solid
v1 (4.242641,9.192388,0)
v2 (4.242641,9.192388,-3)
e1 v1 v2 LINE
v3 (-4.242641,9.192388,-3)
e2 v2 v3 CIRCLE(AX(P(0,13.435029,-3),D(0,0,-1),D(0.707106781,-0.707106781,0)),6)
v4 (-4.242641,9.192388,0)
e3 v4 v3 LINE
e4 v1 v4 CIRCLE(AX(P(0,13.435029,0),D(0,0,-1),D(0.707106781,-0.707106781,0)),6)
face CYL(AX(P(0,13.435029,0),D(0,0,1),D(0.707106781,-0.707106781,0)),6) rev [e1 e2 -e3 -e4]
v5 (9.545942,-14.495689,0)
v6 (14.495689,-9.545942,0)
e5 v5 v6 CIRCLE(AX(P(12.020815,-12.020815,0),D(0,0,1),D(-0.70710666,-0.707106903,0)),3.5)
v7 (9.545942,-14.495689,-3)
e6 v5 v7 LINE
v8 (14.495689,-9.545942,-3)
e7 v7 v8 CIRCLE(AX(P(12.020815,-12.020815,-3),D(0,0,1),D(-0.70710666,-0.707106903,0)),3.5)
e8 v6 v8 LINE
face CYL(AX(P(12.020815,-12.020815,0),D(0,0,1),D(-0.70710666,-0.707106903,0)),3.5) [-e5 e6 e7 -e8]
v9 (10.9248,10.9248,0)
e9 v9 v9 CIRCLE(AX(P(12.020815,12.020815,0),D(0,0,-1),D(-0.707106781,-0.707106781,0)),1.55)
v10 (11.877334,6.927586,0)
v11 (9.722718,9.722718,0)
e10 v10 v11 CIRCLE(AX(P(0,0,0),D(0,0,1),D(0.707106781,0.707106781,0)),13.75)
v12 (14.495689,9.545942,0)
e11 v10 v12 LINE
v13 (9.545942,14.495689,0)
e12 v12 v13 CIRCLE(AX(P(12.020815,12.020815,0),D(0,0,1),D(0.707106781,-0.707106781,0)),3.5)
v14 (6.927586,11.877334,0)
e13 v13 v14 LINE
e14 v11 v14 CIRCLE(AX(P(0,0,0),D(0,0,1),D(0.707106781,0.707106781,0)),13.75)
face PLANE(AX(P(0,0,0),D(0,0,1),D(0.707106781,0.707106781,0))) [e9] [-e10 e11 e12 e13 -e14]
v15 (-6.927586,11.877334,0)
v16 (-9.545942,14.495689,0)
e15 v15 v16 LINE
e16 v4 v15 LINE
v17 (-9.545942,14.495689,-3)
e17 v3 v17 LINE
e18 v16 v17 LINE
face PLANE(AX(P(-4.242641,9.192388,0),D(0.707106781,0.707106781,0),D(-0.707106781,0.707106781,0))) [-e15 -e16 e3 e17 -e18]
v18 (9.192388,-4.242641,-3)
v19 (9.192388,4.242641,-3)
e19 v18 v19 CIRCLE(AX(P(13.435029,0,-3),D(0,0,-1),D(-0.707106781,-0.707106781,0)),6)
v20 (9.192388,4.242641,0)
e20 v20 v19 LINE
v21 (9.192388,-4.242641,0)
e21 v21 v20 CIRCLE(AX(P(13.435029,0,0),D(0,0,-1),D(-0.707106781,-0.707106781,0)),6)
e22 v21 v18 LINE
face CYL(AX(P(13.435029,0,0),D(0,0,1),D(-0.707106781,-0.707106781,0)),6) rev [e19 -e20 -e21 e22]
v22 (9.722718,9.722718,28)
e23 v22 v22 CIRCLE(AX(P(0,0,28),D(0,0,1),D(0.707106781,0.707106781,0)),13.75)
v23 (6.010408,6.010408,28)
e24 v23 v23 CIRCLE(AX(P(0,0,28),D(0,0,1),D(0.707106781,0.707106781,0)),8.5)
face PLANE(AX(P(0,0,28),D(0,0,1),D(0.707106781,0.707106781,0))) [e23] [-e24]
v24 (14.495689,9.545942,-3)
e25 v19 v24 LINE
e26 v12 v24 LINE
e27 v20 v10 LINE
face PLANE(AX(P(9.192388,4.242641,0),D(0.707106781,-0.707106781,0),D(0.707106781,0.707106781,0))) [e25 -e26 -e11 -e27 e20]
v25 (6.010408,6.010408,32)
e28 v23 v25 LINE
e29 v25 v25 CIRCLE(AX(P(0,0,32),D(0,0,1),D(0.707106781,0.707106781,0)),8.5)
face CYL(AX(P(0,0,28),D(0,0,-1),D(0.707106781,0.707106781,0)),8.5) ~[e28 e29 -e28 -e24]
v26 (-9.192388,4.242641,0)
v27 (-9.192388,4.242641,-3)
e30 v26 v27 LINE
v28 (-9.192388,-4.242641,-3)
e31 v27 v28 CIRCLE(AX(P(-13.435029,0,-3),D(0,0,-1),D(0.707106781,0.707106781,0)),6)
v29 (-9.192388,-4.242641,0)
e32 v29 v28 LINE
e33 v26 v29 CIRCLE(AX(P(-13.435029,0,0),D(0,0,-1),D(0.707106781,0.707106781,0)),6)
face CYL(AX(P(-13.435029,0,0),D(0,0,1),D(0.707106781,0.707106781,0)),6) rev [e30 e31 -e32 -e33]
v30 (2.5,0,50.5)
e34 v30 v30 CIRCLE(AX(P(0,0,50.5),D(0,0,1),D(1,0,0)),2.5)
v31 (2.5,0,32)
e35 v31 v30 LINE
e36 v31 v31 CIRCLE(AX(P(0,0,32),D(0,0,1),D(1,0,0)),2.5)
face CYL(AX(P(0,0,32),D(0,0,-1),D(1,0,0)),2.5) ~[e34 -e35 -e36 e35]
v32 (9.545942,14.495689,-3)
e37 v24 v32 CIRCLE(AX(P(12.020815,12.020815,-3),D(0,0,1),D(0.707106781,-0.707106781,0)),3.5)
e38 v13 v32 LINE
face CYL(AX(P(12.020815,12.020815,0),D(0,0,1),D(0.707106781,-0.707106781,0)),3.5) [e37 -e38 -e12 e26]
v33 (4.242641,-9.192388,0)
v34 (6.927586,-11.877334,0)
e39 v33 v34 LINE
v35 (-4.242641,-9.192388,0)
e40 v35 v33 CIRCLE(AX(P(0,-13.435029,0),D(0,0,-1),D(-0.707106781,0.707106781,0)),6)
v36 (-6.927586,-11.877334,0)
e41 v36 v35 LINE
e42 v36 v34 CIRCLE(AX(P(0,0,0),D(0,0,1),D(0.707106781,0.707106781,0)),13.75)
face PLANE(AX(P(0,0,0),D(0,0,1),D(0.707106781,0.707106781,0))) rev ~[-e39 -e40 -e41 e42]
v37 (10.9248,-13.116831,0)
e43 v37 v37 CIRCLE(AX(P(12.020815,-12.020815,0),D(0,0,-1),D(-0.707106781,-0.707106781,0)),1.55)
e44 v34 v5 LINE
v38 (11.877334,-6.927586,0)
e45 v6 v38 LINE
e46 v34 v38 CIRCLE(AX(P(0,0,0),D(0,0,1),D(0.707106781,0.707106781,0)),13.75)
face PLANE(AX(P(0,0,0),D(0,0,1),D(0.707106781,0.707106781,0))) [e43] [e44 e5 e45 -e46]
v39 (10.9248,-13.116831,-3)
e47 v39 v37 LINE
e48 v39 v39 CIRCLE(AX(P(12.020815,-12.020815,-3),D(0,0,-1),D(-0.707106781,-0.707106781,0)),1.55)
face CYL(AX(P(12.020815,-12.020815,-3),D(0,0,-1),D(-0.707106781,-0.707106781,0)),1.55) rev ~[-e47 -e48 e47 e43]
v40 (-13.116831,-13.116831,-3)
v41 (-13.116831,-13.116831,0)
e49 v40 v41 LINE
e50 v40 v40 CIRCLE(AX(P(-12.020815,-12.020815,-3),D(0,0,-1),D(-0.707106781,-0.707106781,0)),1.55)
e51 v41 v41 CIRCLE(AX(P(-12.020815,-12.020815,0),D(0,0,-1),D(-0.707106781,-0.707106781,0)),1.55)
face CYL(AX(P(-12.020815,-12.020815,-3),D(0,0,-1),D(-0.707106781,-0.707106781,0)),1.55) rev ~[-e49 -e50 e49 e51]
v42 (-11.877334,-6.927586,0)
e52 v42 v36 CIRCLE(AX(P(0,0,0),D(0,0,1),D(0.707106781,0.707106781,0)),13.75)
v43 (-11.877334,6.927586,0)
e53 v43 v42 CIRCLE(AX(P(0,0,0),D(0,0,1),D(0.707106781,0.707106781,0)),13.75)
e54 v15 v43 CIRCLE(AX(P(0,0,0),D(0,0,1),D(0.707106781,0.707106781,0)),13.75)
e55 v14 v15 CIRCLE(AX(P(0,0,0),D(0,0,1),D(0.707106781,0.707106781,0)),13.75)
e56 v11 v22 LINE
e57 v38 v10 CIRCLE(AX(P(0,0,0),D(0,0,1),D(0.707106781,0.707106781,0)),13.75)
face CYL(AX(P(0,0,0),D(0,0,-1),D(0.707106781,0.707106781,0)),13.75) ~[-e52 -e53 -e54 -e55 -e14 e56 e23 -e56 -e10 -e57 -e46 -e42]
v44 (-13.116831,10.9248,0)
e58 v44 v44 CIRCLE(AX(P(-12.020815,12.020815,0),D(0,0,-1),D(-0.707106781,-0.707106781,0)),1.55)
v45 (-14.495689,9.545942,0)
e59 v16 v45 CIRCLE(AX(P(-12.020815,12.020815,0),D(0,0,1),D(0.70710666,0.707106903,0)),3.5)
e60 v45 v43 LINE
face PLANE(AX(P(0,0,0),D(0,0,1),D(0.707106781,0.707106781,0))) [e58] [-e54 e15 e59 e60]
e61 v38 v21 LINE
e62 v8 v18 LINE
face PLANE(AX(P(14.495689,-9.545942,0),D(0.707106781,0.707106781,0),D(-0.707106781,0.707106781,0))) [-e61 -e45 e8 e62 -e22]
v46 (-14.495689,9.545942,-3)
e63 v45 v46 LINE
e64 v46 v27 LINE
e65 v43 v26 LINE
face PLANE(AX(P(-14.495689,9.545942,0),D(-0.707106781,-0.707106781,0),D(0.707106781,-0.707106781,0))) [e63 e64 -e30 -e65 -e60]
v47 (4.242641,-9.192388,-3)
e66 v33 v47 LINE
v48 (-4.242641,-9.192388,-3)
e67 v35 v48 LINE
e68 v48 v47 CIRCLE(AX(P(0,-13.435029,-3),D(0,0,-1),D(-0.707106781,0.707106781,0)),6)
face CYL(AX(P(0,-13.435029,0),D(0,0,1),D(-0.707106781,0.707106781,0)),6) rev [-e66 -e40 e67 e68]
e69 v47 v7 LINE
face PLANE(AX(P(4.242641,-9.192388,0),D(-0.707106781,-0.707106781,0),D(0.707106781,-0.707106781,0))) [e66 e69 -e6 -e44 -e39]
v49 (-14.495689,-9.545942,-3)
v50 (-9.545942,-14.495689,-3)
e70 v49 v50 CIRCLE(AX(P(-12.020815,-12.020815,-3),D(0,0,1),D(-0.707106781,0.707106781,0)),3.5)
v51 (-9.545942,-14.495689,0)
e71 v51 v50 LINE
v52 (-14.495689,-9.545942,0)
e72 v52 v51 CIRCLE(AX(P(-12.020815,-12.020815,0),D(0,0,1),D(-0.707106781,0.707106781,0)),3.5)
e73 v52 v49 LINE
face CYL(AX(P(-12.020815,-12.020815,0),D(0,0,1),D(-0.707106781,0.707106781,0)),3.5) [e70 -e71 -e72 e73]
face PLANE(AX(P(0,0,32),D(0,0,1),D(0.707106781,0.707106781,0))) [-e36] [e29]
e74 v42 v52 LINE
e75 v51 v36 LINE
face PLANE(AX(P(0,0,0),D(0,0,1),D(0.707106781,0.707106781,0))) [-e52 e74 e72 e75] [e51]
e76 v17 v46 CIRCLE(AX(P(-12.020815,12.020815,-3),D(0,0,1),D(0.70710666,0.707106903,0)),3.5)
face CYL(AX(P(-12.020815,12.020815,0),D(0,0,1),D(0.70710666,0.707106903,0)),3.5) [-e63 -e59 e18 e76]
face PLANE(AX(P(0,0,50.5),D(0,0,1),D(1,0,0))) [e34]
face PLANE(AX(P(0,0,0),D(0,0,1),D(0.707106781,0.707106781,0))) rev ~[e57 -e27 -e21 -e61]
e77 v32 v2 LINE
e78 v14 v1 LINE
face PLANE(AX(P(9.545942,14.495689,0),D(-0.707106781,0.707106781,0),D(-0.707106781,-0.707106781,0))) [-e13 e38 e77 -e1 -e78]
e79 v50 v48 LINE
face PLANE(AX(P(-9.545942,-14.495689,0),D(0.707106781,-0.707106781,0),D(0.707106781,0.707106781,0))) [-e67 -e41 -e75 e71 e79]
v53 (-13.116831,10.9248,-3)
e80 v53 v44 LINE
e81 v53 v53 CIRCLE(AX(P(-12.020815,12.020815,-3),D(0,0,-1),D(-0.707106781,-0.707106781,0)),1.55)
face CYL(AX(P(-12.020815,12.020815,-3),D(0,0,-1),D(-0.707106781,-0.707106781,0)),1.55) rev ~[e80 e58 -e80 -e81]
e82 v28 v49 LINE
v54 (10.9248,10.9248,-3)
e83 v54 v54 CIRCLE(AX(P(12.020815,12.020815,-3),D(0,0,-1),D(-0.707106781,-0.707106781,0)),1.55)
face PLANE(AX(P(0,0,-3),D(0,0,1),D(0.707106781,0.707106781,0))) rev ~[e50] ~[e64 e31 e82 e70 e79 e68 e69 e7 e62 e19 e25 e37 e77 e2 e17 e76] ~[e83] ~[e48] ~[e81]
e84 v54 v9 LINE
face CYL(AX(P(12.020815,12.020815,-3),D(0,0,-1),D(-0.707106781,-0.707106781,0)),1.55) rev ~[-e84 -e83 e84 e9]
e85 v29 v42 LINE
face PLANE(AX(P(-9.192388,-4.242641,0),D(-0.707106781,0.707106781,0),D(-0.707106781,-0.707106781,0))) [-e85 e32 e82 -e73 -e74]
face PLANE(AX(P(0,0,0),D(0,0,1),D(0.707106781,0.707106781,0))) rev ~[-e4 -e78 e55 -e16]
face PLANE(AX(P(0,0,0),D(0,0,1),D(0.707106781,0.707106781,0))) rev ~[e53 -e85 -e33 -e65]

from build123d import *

# Parameters (mm, degrees)
SKETCH1_R             = 13.75
BOSS_EXTRUDE1_DEPTH   = 28
SKETCH2_R             = 8.5
BOSS_EXTRUDE2_DEPTH   = 4
BOSS_EXTRUDE3_DEPTH   = 3
SKETCH5_R             = 1.55
CUT_EXTRUDE1_DEPTH    = 3
BODY_MOVE_COPY1_ANGLE = 45
SKETCH6_R             = 2.5
BOSS_EXTRUDE4_DEPTH   = 18.5


with BuildPart() as part:
    # Sketch1 → Boss-Extrude1 (new body)
    with BuildSketch(Plane.XY):
        Circle(SKETCH1_R)
    extrude(amount=BOSS_EXTRUDE1_DEPTH)

    # Sketch2 → Boss-Extrude2 (add)
    with BuildSketch(Plane.XY.offset(28)):
        Circle(SKETCH2_R)
    extrude(amount=BOSS_EXTRUDE2_DEPTH)

    # Sketch4 → Boss-Extrude3 (add)
    with BuildSketch(Plane(origin=(0, 0, 0), x_dir=(-1, 0, 0), z_dir=(0, 0, -1))):
        with BuildLine():
            Line((-3.5, -17.000000602), (-3.5, -9.5))
            ThreePointArc((-3.5, -9.5), (-5.257359313, -5.257359313), (-9.5, -3.5))
            Line((-9.5, -3.5), (-17, -3.5))
            ThreePointArc((-17, -3.5), (-20.5, 0), (-17, 3.5))
            Line((-17, 3.5), (-9.5, 3.5))
            ThreePointArc((-9.5, 3.5), (-5.257359313, 5.257359313), (-3.5, 9.5))
            Line((-3.5, 9.5), (-3.5, 17.000000602))
            ThreePointArc((-3.5, 17.000000602), (0, 20.5), (3.5, 17.000000602))
            Line((3.5, 17.000000602), (3.5, 9.5))
            ThreePointArc((3.5, 9.5), (5.257359313, 5.257359313), (9.5, 3.5))
            Line((9.5, 3.5), (17, 3.5))
            ThreePointArc((17, 3.5), (20.5, 0), (17, -3.5))
            Line((17, -3.5), (9.5, -3.5))
            ThreePointArc((9.5, -3.5), (5.257359313, -5.257359313), (3.5, -9.5))
            Line((3.5, -9.5), (3.5, -17.000000602))
            ThreePointArc((3.5, -17.000000602), (0, -20.5), (-3.5, -17.000000602))
        make_face()
    extrude(amount=BOSS_EXTRUDE3_DEPTH)

    # Sketch5 → Cut-Extrude1 (cut)
    with BuildSketch(Plane(origin=(0, 0, -3), x_dir=(-1, 0, 0), z_dir=(0, 0, -1))):
        with Locations((0, 17)):
            Circle(SKETCH5_R)
        with Locations((17, 0)):
            Circle(SKETCH5_R)
        with Locations((0, -17)):
            Circle(SKETCH5_R)
        with Locations((-17, 0)):
            Circle(SKETCH5_R)
    extrude(amount=-CUT_EXTRUDE1_DEPTH, mode=Mode.SUBTRACT)


with BuildPart() as part_1:
    # Body-Move/Copy1: moved
    add(part.part.rotate(Axis((0, 0, 0), (0, 0, 1)), BODY_MOVE_COPY1_ANGLE))

    # Sketch6 → Boss-Extrude4 (add)
    with BuildSketch(Plane.XY.offset(32)):
        Circle(SKETCH6_R)
    extrude(amount=BOSS_EXTRUDE4_DEPTH)


solid = part_1.part
